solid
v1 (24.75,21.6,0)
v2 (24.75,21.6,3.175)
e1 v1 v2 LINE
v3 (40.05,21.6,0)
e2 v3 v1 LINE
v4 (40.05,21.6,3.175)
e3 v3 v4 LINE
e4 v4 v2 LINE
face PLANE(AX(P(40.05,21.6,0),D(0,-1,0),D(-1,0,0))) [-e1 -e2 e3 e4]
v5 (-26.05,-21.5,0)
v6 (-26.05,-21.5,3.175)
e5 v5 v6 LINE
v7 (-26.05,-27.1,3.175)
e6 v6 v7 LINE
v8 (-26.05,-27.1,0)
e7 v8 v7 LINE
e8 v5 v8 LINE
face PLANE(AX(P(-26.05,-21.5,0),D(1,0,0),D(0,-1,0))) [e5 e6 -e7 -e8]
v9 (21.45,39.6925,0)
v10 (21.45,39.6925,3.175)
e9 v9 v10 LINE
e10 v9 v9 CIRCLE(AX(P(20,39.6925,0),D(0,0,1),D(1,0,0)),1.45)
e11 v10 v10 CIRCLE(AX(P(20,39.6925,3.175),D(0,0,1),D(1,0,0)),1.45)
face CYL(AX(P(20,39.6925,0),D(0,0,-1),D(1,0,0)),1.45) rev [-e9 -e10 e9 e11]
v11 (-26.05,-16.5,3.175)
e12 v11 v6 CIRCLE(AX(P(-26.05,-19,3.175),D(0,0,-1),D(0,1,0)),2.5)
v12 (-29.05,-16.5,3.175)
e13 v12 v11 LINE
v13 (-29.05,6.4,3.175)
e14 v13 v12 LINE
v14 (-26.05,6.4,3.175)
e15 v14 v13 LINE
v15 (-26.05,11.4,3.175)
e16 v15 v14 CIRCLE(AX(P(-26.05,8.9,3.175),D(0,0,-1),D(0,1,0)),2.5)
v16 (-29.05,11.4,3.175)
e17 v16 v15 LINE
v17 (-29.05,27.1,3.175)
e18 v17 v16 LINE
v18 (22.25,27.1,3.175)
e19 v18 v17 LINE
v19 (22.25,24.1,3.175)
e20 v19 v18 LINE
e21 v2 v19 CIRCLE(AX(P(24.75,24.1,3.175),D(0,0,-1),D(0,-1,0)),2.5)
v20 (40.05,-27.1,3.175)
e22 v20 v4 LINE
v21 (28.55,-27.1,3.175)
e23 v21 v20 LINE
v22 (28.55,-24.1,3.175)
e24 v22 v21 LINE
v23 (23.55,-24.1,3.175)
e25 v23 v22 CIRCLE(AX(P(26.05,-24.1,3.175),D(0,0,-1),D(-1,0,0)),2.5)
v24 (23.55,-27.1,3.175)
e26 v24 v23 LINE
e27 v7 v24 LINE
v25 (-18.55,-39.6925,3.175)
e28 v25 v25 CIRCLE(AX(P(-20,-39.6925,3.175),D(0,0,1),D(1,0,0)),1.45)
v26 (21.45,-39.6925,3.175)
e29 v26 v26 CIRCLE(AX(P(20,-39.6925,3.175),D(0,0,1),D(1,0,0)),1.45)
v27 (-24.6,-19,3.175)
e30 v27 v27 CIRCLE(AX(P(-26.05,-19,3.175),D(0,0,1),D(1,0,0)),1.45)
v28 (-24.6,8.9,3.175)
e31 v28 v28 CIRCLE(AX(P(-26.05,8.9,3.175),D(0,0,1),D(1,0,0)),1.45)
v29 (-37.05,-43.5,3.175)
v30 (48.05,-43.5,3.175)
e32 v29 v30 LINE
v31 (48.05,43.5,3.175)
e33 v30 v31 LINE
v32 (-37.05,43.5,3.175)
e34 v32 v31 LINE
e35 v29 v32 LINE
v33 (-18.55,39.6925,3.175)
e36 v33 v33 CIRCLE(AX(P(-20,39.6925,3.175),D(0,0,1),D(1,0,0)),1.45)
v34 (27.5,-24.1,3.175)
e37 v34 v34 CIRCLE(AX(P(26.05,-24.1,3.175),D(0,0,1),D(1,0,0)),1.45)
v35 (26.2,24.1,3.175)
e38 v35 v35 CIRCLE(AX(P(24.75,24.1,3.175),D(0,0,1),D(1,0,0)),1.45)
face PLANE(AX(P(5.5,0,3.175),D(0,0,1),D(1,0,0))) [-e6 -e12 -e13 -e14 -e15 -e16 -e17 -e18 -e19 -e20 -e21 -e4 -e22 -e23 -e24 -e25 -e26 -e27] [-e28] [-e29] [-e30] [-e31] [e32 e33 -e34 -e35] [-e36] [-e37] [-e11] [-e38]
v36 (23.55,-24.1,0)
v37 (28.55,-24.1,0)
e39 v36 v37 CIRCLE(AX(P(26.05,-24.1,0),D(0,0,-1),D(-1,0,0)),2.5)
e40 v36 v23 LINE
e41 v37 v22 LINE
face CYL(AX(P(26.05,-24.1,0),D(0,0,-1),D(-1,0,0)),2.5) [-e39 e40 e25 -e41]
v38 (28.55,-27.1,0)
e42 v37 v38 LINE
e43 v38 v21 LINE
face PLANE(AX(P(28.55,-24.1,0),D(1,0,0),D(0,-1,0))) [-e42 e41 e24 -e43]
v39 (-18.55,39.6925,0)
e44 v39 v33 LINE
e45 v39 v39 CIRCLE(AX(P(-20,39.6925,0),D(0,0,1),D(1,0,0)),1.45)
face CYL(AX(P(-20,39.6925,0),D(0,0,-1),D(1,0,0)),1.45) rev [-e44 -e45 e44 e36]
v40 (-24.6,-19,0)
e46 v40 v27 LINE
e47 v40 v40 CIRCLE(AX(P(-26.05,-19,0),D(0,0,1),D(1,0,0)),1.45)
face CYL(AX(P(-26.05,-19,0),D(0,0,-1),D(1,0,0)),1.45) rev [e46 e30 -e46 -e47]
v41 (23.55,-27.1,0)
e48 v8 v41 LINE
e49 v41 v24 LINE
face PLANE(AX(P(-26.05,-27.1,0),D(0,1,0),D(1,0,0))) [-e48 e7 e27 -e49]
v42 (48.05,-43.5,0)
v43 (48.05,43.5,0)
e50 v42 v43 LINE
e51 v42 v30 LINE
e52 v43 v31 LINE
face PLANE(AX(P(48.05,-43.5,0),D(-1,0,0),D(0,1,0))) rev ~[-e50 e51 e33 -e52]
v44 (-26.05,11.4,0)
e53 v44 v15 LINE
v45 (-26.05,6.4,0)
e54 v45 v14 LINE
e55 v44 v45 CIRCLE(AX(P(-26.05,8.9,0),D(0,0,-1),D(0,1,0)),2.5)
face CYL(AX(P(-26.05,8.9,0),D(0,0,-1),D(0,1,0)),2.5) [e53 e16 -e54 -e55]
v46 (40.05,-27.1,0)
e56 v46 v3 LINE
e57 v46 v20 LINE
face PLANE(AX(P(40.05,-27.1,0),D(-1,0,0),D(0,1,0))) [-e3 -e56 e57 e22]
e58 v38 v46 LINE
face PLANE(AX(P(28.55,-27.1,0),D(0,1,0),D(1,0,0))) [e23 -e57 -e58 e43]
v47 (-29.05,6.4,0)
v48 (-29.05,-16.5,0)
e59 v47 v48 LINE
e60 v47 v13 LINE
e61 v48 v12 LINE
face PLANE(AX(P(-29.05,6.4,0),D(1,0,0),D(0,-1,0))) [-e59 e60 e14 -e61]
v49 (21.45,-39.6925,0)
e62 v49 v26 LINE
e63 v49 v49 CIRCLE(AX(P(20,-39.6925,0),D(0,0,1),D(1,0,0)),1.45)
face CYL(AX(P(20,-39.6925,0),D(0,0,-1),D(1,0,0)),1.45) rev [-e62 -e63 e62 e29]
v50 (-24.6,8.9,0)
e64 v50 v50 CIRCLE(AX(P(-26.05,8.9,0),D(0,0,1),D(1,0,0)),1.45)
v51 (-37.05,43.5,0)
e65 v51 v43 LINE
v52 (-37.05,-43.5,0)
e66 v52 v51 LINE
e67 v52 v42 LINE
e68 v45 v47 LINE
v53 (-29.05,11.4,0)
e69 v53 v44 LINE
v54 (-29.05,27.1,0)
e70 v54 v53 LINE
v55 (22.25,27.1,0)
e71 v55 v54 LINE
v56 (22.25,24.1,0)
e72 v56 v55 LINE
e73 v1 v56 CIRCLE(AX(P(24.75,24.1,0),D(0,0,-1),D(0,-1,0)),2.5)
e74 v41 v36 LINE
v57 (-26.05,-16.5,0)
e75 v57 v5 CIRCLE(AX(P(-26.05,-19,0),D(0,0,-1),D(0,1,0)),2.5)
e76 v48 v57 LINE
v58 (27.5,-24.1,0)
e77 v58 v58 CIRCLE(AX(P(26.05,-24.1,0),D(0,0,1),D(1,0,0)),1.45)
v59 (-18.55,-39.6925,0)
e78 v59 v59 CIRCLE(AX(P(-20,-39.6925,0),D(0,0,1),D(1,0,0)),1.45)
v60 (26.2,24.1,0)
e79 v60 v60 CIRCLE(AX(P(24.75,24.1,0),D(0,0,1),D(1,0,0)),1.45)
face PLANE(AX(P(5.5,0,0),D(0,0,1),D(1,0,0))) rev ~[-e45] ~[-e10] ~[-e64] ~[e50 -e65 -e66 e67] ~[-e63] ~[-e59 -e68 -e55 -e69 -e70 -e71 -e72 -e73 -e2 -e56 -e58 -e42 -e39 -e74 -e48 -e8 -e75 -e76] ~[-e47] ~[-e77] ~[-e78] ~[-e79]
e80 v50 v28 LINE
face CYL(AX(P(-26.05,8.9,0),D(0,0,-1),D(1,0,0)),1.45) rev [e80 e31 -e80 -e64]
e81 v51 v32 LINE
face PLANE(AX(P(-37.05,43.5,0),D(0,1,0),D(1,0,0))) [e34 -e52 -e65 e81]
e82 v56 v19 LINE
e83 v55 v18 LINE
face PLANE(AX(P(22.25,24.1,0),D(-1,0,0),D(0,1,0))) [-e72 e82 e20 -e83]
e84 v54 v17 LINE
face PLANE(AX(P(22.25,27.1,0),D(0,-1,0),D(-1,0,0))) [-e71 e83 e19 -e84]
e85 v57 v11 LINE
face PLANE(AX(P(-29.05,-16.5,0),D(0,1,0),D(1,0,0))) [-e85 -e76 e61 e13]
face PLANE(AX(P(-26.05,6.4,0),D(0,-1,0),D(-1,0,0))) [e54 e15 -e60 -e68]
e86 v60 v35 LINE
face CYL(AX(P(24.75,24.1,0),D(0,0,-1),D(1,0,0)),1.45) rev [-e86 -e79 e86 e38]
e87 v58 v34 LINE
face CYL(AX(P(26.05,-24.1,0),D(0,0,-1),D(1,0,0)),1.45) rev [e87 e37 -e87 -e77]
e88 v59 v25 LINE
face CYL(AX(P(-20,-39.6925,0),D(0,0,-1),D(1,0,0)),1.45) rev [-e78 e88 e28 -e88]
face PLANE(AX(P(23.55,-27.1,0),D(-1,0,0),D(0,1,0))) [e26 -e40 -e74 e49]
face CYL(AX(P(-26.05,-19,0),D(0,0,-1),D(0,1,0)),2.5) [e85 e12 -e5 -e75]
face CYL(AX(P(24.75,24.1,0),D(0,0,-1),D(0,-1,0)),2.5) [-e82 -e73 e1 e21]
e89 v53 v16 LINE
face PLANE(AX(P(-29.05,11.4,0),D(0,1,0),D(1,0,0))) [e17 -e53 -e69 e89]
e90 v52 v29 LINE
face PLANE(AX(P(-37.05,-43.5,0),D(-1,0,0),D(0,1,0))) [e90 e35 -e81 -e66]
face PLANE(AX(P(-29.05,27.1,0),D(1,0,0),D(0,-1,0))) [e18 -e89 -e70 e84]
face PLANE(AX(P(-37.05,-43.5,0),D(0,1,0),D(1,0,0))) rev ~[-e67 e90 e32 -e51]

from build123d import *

# Parameters (mm, degrees)
SKETCH1_W           = 85.1
SKETCH1_H           = 87
SKETCH1_R           = 1.45
BOSS_EXTRUDE1_DEPTH = 3.175


with BuildPart() as part:
    # Sketch1 → Boss-Extrude1 (new body)
    with BuildSketch(Plane.XY):
        with Locations((5.5, 0)):
            Rectangle(SKETCH1_W, SKETCH1_H)
        with Locations((-20, 39.6925)):
            Circle(SKETCH1_R, mode=Mode.SUBTRACT)
        with Locations((-20, -39.6925)):
            Circle(SKETCH1_R, mode=Mode.SUBTRACT)
        with Locations((20, -39.6925)):
            Circle(SKETCH1_R, mode=Mode.SUBTRACT)
        with Locations((20, 39.6925)):
            Circle(SKETCH1_R, mode=Mode.SUBTRACT)
        with Locations((-26.05, 8.9)):
            Circle(SKETCH1_R, mode=Mode.SUBTRACT)
        with Locations((-26.05, -19)):
            Circle(SKETCH1_R, mode=Mode.SUBTRACT)
        with Locations((24.75, 24.1)):
            Circle(SKETCH1_R, mode=Mode.SUBTRACT)
        with Locations((26.05, -24.1)):
            Circle(SKETCH1_R, mode=Mode.SUBTRACT)
        with BuildLine():
            Line((-26.05, 6.4), (-29.05, 6.4))
            Line((-29.05, 6.4), (-29.05, -16.5))
            Line((-29.05, -16.5), (-26.05, -16.5))
            ThreePointArc((-26.05, -16.5), (-23.55, -19), (-26.05, -21.5))
            Line((-26.05, -21.5), (-26.05, -27.1))
            Line((-26.05, -27.1), (23.55, -27.1))
            Line((23.55, -27.1), (23.55, -24.1))
            ThreePointArc((23.55, -24.1), (26.05, -21.6), (28.55, -24.1))
            Line((28.55, -24.1), (28.55, -27.1))
            Line((28.55, -27.1), (40.05, -27.1))
            Line((40.05, -27.1), (40.05, 21.6))
            Line((40.05, 21.6), (24.75, 21.6))
            ThreePointArc((24.75, 21.6), (22.982233047, 22.332233047), (22.25, 24.1))
            Line((22.25, 24.1), (22.25, 27.1))
            Line((22.25, 27.1), (-29.05, 27.1))
            Line((-29.05, 27.1), (-29.05, 11.4))
            Line((-29.05, 11.4), (-26.05, 11.4))
            ThreePointArc((-26.05, 11.4), (-23.55, 8.9), (-26.05, 6.4))
        make_face(mode=Mode.SUBTRACT)
    extrude(amount=BOSS_EXTRUDE1_DEPTH)


solid = part.part
